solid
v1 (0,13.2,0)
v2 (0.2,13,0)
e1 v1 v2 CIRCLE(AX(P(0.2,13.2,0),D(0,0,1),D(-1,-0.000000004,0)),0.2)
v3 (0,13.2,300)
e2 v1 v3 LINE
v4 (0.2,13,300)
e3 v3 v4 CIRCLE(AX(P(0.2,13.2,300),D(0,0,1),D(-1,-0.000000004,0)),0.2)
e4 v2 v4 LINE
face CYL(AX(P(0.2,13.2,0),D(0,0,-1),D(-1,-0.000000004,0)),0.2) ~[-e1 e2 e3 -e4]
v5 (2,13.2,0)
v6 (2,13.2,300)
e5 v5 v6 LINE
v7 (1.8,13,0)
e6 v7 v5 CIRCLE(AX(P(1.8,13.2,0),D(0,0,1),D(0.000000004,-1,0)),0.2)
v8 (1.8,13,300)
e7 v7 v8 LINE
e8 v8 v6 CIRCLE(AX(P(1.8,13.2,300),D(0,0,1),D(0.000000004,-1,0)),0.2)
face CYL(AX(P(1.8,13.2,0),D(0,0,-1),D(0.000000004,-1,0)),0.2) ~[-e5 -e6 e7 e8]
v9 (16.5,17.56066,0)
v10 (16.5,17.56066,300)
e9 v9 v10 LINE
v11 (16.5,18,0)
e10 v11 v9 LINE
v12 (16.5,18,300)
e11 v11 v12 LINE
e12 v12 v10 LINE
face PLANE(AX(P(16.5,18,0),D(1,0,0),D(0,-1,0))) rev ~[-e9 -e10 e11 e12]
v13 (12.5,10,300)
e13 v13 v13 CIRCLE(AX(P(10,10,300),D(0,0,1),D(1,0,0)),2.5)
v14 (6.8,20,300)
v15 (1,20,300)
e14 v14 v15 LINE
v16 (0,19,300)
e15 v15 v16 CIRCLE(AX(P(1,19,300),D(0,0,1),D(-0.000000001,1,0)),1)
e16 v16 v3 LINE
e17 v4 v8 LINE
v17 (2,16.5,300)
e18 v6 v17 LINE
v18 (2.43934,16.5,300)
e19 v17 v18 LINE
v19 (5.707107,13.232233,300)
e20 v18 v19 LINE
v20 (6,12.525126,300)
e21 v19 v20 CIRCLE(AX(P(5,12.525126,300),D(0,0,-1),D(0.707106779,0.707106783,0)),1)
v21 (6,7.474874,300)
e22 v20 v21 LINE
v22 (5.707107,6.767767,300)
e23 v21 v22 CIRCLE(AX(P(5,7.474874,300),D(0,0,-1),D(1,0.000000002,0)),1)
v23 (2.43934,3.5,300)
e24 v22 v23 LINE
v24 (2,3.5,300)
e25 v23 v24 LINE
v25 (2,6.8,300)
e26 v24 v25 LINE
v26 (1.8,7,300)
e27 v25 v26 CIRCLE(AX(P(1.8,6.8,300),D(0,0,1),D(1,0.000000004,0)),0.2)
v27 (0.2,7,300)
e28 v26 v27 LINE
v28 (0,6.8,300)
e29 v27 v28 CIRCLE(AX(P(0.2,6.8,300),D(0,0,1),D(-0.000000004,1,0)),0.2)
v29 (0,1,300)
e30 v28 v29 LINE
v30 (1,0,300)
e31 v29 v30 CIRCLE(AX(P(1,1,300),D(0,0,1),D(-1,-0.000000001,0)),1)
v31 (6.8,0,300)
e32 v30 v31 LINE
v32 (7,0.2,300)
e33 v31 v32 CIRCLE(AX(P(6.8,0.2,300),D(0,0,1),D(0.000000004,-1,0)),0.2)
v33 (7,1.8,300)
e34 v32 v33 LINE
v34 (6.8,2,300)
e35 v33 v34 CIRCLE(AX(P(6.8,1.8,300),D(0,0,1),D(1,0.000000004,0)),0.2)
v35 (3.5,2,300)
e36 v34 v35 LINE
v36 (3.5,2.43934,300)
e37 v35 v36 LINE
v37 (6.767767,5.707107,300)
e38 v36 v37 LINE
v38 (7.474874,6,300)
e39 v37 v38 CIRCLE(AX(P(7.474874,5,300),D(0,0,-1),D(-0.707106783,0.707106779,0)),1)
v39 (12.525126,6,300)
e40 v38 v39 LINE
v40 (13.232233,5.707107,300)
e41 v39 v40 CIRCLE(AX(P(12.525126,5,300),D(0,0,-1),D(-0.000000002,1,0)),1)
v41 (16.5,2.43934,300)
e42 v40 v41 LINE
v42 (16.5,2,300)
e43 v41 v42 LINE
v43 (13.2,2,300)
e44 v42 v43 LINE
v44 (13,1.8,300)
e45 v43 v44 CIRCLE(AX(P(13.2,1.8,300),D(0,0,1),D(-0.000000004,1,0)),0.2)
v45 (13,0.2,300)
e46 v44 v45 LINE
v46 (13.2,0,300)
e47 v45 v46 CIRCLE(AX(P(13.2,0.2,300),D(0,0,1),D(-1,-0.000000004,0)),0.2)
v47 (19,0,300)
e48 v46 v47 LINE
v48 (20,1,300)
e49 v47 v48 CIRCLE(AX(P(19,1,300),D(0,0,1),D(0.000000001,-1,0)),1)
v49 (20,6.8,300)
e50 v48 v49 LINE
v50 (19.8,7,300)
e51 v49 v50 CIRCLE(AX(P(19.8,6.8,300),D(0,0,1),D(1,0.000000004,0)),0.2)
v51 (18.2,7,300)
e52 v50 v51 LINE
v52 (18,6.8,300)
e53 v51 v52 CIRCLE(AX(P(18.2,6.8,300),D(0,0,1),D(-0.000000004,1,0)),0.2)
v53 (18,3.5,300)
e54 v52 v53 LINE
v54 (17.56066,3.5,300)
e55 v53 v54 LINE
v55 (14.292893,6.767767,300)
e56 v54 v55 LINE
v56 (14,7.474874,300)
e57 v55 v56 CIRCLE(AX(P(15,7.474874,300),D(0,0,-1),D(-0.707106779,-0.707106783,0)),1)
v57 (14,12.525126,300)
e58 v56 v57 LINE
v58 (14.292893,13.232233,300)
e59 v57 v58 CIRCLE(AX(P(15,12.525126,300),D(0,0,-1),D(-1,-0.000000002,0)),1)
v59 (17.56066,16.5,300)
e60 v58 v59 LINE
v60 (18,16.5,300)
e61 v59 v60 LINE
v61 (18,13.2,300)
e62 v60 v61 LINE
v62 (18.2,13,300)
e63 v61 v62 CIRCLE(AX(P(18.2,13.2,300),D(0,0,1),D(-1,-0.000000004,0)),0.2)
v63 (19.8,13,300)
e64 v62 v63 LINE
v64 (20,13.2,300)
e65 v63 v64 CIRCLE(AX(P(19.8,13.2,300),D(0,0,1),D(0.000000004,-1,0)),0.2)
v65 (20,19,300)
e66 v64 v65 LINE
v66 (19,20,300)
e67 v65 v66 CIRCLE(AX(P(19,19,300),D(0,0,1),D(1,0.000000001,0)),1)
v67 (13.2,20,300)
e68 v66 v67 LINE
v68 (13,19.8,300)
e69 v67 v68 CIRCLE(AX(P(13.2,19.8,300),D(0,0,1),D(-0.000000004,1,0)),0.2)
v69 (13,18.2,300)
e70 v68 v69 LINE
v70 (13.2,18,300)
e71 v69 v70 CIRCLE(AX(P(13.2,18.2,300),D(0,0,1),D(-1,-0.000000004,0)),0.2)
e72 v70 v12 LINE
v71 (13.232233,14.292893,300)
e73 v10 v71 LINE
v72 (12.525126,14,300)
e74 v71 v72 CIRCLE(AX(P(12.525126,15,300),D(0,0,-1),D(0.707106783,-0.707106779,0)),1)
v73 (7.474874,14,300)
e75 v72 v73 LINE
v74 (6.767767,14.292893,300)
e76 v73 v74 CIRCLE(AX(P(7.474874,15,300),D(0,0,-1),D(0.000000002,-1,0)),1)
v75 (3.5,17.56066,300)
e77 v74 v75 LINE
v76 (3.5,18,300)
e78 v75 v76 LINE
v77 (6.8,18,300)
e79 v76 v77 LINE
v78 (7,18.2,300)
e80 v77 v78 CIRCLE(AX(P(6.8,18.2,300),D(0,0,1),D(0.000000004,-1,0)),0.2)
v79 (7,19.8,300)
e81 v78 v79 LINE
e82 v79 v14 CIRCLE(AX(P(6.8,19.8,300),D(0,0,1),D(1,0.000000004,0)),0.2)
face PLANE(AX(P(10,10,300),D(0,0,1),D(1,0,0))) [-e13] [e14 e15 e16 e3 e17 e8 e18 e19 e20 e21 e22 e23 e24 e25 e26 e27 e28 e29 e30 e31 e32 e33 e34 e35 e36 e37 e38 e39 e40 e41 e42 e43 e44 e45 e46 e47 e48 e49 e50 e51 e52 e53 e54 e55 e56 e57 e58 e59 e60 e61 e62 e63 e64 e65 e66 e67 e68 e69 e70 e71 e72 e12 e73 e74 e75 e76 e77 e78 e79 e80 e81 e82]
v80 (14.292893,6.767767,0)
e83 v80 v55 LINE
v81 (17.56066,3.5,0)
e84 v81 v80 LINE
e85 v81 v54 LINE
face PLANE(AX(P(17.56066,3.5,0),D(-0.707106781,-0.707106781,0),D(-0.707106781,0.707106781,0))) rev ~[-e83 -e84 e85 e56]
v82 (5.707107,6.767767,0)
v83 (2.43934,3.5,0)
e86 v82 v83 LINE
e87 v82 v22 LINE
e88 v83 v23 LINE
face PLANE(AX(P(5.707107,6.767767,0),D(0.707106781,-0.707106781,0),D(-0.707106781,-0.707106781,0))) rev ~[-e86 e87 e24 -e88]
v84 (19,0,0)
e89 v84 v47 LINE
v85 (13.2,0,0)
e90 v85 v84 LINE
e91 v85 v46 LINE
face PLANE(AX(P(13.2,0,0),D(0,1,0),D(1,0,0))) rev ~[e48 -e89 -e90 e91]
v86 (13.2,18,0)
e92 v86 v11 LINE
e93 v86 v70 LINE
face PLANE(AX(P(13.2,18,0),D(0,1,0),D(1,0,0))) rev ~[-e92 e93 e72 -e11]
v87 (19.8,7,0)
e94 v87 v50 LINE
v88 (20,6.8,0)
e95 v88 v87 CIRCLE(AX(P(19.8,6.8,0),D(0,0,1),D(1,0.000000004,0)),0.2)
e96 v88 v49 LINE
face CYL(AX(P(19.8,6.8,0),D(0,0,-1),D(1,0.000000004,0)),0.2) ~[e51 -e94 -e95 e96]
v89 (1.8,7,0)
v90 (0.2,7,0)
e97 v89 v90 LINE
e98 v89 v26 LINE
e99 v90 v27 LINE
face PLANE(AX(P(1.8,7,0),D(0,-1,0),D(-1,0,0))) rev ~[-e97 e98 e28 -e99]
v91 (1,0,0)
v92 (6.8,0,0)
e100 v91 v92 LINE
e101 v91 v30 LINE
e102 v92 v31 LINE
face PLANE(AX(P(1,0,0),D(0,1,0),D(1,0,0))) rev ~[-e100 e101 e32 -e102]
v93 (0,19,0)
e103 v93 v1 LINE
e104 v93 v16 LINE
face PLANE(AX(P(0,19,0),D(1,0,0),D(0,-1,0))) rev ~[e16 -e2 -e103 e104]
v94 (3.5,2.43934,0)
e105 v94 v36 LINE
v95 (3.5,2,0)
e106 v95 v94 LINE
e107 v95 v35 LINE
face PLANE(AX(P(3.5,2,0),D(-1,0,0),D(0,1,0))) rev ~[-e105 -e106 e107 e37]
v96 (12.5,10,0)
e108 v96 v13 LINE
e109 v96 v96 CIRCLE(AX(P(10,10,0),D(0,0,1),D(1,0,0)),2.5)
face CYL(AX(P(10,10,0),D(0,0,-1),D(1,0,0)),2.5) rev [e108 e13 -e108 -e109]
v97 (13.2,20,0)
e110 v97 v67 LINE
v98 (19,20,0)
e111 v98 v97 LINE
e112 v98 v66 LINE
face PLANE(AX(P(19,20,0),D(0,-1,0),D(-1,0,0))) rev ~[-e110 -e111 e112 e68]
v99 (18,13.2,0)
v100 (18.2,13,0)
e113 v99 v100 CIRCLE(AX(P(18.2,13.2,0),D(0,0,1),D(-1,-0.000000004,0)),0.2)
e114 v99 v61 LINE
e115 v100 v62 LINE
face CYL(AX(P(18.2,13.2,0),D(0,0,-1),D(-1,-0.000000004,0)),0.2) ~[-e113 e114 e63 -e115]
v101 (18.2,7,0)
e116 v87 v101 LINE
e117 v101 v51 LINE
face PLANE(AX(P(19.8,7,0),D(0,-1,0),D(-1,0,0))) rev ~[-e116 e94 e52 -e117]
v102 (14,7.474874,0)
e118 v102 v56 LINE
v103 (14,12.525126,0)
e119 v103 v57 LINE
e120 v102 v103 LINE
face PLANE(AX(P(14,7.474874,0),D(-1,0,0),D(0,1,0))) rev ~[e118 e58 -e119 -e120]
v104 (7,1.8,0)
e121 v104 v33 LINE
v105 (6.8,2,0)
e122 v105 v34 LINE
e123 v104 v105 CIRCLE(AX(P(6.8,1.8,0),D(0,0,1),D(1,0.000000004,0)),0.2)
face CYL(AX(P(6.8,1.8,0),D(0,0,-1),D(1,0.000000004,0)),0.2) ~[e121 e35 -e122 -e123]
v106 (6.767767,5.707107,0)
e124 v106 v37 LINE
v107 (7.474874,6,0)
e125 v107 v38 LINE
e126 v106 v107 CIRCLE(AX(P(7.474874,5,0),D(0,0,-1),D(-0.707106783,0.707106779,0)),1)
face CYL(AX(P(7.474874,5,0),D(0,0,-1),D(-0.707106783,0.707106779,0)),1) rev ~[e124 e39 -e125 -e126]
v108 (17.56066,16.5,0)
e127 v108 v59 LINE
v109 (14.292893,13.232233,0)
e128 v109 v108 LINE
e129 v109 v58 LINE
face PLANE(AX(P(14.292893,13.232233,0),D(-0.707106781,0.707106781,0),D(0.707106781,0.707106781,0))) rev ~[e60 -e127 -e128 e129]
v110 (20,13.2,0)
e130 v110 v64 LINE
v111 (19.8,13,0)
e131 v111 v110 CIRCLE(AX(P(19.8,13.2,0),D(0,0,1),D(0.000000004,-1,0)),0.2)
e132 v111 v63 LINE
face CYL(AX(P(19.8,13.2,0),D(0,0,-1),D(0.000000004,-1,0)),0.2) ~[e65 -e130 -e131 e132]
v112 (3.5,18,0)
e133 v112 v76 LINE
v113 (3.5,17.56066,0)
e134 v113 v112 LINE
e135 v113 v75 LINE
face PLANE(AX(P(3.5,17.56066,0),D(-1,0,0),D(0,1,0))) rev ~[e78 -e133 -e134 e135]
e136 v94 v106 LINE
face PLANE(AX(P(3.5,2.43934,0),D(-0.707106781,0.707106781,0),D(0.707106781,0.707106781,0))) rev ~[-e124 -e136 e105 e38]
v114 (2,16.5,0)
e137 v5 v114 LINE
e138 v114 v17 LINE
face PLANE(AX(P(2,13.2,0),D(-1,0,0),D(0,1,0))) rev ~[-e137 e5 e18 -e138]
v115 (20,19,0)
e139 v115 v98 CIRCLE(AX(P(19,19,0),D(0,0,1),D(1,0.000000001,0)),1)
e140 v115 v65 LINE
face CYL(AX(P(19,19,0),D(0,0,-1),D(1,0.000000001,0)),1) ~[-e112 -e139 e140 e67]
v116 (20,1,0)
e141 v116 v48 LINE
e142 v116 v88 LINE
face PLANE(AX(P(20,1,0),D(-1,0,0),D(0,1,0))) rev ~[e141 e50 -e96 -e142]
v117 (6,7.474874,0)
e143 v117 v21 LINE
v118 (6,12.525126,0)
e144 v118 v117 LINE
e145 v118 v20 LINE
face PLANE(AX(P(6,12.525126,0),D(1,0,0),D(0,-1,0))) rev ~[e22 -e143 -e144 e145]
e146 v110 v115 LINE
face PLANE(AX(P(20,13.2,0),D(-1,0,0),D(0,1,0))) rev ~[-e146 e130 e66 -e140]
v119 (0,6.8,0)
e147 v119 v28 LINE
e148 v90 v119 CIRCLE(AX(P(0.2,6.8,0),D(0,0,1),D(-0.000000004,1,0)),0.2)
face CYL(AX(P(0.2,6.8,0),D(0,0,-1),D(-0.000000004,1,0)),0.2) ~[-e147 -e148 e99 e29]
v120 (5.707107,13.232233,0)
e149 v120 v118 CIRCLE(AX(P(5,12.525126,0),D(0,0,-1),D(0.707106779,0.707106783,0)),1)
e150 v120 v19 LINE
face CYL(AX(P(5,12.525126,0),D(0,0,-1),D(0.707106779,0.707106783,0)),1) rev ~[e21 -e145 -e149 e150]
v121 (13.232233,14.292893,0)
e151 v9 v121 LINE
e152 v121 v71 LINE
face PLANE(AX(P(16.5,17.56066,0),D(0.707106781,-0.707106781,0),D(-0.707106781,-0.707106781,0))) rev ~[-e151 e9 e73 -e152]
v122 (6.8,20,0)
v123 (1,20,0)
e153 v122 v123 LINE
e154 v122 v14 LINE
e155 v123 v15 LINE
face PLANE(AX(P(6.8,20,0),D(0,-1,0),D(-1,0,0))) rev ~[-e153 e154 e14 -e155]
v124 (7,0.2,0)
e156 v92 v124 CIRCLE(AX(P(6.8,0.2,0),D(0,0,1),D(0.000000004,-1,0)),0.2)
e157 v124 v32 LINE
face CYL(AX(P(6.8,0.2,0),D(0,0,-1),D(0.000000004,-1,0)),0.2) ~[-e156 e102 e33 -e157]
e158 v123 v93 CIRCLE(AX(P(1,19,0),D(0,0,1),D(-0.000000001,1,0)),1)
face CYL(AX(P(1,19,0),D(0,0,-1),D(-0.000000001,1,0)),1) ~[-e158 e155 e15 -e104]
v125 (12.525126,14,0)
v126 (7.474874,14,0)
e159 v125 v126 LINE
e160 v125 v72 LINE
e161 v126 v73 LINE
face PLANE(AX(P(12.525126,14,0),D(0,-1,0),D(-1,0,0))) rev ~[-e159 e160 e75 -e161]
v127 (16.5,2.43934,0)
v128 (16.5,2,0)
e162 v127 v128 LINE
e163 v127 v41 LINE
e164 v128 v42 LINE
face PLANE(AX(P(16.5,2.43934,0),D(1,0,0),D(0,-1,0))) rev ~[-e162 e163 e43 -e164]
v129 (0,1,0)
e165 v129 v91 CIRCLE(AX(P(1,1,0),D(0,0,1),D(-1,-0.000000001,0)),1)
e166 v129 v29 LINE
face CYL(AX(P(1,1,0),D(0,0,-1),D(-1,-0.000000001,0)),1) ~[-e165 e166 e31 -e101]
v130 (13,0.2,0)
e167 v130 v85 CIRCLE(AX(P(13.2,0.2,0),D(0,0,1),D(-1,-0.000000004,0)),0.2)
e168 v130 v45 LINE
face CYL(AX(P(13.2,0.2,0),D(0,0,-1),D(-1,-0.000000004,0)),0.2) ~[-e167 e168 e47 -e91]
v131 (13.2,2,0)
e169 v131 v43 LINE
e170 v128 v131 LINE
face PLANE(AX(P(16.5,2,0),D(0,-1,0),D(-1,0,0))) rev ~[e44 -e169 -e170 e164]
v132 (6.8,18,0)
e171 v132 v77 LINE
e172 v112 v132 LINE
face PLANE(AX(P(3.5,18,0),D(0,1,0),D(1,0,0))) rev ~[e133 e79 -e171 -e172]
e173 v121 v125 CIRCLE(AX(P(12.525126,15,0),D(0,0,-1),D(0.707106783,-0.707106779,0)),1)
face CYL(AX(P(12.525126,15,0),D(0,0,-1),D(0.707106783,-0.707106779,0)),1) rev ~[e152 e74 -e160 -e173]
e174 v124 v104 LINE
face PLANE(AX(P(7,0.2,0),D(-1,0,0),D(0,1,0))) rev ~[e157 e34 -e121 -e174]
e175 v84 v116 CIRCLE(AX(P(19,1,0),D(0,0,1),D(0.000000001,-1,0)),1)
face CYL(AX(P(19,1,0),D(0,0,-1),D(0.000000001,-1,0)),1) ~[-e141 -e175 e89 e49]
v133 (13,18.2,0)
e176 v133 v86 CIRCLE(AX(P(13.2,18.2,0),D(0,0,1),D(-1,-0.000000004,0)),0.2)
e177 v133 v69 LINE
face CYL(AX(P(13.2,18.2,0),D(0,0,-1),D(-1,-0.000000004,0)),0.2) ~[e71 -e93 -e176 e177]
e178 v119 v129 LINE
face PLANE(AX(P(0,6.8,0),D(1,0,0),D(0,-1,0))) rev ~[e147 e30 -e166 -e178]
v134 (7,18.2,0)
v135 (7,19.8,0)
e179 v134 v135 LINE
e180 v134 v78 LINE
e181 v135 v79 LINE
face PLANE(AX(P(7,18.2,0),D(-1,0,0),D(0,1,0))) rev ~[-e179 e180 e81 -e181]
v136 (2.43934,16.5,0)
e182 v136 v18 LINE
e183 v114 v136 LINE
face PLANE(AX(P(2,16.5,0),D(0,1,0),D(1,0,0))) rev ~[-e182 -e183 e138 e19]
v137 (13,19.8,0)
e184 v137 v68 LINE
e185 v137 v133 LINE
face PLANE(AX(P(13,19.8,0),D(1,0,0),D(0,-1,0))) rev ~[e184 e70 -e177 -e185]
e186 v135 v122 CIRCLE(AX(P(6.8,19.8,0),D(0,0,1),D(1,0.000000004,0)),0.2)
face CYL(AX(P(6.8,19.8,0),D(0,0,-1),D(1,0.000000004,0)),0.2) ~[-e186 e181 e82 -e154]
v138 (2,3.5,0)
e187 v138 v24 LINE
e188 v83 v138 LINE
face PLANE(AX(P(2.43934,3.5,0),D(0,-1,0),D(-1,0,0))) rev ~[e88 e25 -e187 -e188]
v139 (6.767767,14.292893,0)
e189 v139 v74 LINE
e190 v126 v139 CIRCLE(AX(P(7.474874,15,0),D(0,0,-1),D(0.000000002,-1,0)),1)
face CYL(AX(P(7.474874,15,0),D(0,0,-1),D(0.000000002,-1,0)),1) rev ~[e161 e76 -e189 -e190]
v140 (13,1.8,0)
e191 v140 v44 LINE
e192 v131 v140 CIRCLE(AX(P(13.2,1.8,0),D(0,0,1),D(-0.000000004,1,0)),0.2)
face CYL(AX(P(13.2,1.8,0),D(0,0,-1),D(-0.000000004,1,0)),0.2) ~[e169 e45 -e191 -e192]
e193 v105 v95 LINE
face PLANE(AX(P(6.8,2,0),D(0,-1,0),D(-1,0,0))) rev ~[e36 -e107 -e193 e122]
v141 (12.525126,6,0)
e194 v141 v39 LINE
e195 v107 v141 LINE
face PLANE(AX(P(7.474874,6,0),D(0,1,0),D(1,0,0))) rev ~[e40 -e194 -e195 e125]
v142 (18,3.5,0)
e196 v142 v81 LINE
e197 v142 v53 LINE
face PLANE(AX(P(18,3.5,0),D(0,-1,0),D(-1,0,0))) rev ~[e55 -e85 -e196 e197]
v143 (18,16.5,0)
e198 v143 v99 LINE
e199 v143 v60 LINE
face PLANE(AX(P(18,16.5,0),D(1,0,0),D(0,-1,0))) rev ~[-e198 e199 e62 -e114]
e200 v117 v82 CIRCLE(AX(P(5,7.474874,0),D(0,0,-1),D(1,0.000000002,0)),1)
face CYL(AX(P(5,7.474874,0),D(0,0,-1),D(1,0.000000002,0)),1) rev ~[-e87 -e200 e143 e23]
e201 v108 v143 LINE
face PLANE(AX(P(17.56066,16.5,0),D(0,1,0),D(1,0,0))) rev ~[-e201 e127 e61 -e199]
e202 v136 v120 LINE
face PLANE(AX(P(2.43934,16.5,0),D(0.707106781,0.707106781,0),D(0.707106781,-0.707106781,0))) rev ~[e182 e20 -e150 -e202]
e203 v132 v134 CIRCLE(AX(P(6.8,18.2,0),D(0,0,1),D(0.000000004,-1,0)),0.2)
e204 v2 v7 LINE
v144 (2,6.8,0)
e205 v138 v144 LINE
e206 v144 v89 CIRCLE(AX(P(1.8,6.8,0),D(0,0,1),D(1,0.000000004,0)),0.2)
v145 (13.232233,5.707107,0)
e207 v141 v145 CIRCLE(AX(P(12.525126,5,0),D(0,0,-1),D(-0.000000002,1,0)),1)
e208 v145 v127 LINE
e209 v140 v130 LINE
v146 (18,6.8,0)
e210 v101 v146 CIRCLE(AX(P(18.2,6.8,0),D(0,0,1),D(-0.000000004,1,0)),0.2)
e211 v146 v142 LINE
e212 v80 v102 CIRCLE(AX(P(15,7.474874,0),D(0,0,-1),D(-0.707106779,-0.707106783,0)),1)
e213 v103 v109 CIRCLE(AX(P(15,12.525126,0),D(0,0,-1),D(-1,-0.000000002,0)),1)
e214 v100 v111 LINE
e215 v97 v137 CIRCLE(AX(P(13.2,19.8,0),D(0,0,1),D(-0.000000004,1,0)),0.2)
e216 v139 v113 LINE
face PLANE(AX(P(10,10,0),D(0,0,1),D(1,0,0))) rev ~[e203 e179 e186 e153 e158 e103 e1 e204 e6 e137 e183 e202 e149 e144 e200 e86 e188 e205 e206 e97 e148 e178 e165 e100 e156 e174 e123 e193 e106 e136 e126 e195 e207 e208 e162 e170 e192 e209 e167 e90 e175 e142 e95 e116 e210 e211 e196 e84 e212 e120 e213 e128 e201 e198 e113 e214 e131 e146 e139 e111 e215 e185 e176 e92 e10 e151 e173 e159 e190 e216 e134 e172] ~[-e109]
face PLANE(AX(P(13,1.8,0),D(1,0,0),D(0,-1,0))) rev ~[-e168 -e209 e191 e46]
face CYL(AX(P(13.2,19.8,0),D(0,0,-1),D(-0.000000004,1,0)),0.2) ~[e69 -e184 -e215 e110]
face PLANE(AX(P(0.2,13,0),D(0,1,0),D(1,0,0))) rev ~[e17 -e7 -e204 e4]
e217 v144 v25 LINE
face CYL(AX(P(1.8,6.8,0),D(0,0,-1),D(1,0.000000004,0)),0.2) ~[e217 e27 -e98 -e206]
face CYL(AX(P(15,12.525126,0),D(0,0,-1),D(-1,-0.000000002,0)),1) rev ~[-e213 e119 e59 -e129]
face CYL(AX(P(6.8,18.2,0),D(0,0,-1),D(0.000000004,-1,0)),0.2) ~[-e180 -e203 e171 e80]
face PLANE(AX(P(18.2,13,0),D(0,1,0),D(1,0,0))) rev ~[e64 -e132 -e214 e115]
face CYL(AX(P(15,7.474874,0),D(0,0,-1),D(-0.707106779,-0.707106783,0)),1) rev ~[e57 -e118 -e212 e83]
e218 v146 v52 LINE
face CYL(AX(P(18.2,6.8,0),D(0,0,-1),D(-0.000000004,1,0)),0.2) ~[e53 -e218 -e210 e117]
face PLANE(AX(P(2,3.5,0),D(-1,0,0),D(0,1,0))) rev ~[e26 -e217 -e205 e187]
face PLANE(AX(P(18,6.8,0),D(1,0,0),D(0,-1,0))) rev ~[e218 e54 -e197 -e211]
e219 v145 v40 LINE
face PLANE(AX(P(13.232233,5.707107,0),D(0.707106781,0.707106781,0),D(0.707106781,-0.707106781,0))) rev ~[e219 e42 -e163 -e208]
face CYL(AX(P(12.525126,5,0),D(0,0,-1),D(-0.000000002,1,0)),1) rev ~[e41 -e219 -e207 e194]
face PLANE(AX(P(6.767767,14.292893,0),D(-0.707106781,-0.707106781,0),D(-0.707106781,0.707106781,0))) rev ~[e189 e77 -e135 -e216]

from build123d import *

# Parameters (mm, degrees)
SKETCH1_R           = 2.5
BOSS_EXTRUDE1_DEPTH = 300


with BuildPart() as part:
    # Sketch1 → Boss-Extrude1 (new body)
    with BuildSketch(Plane.XY):
        with BuildLine():
            Line((0.2, 13), (1.8, 13))
            ThreePointArc((1.8, 13), (1.941421356, 13.058578644), (2, 13.2))
            Line((2, 13.2), (2, 16.5))
            Line((2, 16.5), (2.439339828, 16.5))
            Line((2.439339828, 16.5), (5.707106781, 13.232233047))
            ThreePointArc((5.707106781, 13.232233047), (5.923879533, 12.907809698), (6, 12.525126266))
            Line((6, 12.525126266), (6, 7.474873734))
            ThreePointArc((6, 7.474873734), (5.923879533, 7.092190302), (5.707106781, 6.767766953))
            Line((5.707106781, 6.767766953), (2.439339828, 3.5))
            Line((2.439339828, 3.5), (2, 3.5))
            Line((2, 3.5), (2, 6.8))
            ThreePointArc((2, 6.8), (1.941421356, 6.941421356), (1.8, 7))
            Line((1.8, 7), (0.2, 7))
            ThreePointArc((0.2, 7), (0.058578644, 6.941421356), (0, 6.8))
            Line((0, 6.8), (0, 1))
            ThreePointArc((0, 1), (0.292893219, 0.292893219), (1, 0))
            Line((1, 0), (6.8, 0))
            ThreePointArc((6.8, 0), (6.941421356, 0.058578644), (7, 0.2))
            Line((7, 0.2), (7, 1.8))
            ThreePointArc((7, 1.8), (6.941421356, 1.941421356), (6.8, 2))
            Line((6.8, 2), (3.5, 2))
            Line((3.5, 2), (3.5, 2.439339828))
            Line((3.5, 2.439339828), (6.767766953, 5.707106781))
            ThreePointArc((6.767766953, 5.707106781), (7.092190302, 5.923879533), (7.474873734, 6))
            Line((7.474873734, 6), (10, 6))
            Line((10, 6), (12.525126266, 6))
            ThreePointArc((12.525126266, 6), (12.907809698, 5.923879533), (13.232233047, 5.707106781))
            Line((13.232233047, 5.707106781), (16.5, 2.439339828))
            Line((16.5, 2.439339828), (16.5, 2))
            Line((16.5, 2), (13.2, 2))
            ThreePointArc((13.2, 2), (13.058578644, 1.941421356), (13, 1.8))
            Line((13, 1.8), (13, 0.2))
            ThreePointArc((13, 0.2), (13.058578644, 0.058578644), (13.2, 0))
            Line((13.2, 0), (19, 0))
            ThreePointArc((19, 0), (19.707106781, 0.292893219), (20, 1))
            Line((20, 1), (20, 6.8))
            ThreePointArc((20, 6.8), (19.941421356, 6.941421356), (19.8, 7))
            Line((19.8, 7), (18.2, 7))
            ThreePointArc((18.2, 7), (18.058578644, 6.941421356), (18, 6.8))
            Line((18, 6.8), (18, 3.5))
            Line((18, 3.5), (17.560660172, 3.5))
            Line((17.560660172, 3.5), (14.292893219, 6.767766953))
            ThreePointArc((14.292893219, 6.767766953), (14.076120467, 7.092190302), (14, 7.474873734))
            Line((14, 7.474873734), (14, 12.525126266))
            ThreePointArc((14, 12.525126266), (14.076120467, 12.907809698), (14.292893219, 13.232233047))
            Line((14.292893219, 13.232233047), (17.560660172, 16.5))
            Line((17.560660172, 16.5), (18, 16.5))
            Line((18, 16.5), (18, 13.2))
            ThreePointArc((18, 13.2), (18.058578644, 13.058578644), (18.2, 13))
            Line((18.2, 13), (19.8, 13))
            ThreePointArc((19.8, 13), (19.941421356, 13.058578644), (20, 13.2))
            Line((20, 13.2), (20, 19))
            ThreePointArc((20, 19), (19.707106781, 19.707106781), (19, 20))
            Line((19, 20), (13.2, 20))
            ThreePointArc((13.2, 20), (13.058578644, 19.941421356), (13, 19.8))
            Line((13, 19.8), (13, 18.2))
            ThreePointArc((13, 18.2), (13.058578644, 18.058578644), (13.2, 18))
            Line((13.2, 18), (16.5, 18))
            Line((16.5, 18), (16.5, 17.560660172))
            Line((16.5, 17.560660172), (13.232233047, 14.292893219))
            ThreePointArc((13.232233047, 14.292893219), (12.907809698, 14.076120467), (12.525126266, 14))
            Line((12.525126266, 14), (10, 14))
            Line((10, 14), (7.474873734, 14))
            ThreePointArc((7.474873734, 14), (7.092190302, 14.076120467), (6.767766953, 14.292893219))
            Line((6.767766953, 14.292893219), (3.5, 17.560660172))
            Line((3.5, 17.560660172), (3.5, 18))
            Line((3.5, 18), (6.8, 18))
            ThreePointArc((6.8, 18), (6.941421356, 18.058578644), (7, 18.2))
            Line((7, 18.2), (7, 19.8))
            ThreePointArc((7, 19.8), (6.941421356, 19.941421356), (6.8, 20))
            Line((6.8, 20), (1, 20))
            ThreePointArc((1, 20), (0.292893219, 19.707106781), (0, 19))
            Line((0, 19), (0, 13.2))
            ThreePointArc((0, 13.2), (0.058578644, 13.058578644), (0.2, 13))
        make_face()
        with Locations((10, 10)):
            Circle(SKETCH1_R, mode=Mode.SUBTRACT)
    extrude(amount=BOSS_EXTRUDE1_DEPTH)


solid = part.part
